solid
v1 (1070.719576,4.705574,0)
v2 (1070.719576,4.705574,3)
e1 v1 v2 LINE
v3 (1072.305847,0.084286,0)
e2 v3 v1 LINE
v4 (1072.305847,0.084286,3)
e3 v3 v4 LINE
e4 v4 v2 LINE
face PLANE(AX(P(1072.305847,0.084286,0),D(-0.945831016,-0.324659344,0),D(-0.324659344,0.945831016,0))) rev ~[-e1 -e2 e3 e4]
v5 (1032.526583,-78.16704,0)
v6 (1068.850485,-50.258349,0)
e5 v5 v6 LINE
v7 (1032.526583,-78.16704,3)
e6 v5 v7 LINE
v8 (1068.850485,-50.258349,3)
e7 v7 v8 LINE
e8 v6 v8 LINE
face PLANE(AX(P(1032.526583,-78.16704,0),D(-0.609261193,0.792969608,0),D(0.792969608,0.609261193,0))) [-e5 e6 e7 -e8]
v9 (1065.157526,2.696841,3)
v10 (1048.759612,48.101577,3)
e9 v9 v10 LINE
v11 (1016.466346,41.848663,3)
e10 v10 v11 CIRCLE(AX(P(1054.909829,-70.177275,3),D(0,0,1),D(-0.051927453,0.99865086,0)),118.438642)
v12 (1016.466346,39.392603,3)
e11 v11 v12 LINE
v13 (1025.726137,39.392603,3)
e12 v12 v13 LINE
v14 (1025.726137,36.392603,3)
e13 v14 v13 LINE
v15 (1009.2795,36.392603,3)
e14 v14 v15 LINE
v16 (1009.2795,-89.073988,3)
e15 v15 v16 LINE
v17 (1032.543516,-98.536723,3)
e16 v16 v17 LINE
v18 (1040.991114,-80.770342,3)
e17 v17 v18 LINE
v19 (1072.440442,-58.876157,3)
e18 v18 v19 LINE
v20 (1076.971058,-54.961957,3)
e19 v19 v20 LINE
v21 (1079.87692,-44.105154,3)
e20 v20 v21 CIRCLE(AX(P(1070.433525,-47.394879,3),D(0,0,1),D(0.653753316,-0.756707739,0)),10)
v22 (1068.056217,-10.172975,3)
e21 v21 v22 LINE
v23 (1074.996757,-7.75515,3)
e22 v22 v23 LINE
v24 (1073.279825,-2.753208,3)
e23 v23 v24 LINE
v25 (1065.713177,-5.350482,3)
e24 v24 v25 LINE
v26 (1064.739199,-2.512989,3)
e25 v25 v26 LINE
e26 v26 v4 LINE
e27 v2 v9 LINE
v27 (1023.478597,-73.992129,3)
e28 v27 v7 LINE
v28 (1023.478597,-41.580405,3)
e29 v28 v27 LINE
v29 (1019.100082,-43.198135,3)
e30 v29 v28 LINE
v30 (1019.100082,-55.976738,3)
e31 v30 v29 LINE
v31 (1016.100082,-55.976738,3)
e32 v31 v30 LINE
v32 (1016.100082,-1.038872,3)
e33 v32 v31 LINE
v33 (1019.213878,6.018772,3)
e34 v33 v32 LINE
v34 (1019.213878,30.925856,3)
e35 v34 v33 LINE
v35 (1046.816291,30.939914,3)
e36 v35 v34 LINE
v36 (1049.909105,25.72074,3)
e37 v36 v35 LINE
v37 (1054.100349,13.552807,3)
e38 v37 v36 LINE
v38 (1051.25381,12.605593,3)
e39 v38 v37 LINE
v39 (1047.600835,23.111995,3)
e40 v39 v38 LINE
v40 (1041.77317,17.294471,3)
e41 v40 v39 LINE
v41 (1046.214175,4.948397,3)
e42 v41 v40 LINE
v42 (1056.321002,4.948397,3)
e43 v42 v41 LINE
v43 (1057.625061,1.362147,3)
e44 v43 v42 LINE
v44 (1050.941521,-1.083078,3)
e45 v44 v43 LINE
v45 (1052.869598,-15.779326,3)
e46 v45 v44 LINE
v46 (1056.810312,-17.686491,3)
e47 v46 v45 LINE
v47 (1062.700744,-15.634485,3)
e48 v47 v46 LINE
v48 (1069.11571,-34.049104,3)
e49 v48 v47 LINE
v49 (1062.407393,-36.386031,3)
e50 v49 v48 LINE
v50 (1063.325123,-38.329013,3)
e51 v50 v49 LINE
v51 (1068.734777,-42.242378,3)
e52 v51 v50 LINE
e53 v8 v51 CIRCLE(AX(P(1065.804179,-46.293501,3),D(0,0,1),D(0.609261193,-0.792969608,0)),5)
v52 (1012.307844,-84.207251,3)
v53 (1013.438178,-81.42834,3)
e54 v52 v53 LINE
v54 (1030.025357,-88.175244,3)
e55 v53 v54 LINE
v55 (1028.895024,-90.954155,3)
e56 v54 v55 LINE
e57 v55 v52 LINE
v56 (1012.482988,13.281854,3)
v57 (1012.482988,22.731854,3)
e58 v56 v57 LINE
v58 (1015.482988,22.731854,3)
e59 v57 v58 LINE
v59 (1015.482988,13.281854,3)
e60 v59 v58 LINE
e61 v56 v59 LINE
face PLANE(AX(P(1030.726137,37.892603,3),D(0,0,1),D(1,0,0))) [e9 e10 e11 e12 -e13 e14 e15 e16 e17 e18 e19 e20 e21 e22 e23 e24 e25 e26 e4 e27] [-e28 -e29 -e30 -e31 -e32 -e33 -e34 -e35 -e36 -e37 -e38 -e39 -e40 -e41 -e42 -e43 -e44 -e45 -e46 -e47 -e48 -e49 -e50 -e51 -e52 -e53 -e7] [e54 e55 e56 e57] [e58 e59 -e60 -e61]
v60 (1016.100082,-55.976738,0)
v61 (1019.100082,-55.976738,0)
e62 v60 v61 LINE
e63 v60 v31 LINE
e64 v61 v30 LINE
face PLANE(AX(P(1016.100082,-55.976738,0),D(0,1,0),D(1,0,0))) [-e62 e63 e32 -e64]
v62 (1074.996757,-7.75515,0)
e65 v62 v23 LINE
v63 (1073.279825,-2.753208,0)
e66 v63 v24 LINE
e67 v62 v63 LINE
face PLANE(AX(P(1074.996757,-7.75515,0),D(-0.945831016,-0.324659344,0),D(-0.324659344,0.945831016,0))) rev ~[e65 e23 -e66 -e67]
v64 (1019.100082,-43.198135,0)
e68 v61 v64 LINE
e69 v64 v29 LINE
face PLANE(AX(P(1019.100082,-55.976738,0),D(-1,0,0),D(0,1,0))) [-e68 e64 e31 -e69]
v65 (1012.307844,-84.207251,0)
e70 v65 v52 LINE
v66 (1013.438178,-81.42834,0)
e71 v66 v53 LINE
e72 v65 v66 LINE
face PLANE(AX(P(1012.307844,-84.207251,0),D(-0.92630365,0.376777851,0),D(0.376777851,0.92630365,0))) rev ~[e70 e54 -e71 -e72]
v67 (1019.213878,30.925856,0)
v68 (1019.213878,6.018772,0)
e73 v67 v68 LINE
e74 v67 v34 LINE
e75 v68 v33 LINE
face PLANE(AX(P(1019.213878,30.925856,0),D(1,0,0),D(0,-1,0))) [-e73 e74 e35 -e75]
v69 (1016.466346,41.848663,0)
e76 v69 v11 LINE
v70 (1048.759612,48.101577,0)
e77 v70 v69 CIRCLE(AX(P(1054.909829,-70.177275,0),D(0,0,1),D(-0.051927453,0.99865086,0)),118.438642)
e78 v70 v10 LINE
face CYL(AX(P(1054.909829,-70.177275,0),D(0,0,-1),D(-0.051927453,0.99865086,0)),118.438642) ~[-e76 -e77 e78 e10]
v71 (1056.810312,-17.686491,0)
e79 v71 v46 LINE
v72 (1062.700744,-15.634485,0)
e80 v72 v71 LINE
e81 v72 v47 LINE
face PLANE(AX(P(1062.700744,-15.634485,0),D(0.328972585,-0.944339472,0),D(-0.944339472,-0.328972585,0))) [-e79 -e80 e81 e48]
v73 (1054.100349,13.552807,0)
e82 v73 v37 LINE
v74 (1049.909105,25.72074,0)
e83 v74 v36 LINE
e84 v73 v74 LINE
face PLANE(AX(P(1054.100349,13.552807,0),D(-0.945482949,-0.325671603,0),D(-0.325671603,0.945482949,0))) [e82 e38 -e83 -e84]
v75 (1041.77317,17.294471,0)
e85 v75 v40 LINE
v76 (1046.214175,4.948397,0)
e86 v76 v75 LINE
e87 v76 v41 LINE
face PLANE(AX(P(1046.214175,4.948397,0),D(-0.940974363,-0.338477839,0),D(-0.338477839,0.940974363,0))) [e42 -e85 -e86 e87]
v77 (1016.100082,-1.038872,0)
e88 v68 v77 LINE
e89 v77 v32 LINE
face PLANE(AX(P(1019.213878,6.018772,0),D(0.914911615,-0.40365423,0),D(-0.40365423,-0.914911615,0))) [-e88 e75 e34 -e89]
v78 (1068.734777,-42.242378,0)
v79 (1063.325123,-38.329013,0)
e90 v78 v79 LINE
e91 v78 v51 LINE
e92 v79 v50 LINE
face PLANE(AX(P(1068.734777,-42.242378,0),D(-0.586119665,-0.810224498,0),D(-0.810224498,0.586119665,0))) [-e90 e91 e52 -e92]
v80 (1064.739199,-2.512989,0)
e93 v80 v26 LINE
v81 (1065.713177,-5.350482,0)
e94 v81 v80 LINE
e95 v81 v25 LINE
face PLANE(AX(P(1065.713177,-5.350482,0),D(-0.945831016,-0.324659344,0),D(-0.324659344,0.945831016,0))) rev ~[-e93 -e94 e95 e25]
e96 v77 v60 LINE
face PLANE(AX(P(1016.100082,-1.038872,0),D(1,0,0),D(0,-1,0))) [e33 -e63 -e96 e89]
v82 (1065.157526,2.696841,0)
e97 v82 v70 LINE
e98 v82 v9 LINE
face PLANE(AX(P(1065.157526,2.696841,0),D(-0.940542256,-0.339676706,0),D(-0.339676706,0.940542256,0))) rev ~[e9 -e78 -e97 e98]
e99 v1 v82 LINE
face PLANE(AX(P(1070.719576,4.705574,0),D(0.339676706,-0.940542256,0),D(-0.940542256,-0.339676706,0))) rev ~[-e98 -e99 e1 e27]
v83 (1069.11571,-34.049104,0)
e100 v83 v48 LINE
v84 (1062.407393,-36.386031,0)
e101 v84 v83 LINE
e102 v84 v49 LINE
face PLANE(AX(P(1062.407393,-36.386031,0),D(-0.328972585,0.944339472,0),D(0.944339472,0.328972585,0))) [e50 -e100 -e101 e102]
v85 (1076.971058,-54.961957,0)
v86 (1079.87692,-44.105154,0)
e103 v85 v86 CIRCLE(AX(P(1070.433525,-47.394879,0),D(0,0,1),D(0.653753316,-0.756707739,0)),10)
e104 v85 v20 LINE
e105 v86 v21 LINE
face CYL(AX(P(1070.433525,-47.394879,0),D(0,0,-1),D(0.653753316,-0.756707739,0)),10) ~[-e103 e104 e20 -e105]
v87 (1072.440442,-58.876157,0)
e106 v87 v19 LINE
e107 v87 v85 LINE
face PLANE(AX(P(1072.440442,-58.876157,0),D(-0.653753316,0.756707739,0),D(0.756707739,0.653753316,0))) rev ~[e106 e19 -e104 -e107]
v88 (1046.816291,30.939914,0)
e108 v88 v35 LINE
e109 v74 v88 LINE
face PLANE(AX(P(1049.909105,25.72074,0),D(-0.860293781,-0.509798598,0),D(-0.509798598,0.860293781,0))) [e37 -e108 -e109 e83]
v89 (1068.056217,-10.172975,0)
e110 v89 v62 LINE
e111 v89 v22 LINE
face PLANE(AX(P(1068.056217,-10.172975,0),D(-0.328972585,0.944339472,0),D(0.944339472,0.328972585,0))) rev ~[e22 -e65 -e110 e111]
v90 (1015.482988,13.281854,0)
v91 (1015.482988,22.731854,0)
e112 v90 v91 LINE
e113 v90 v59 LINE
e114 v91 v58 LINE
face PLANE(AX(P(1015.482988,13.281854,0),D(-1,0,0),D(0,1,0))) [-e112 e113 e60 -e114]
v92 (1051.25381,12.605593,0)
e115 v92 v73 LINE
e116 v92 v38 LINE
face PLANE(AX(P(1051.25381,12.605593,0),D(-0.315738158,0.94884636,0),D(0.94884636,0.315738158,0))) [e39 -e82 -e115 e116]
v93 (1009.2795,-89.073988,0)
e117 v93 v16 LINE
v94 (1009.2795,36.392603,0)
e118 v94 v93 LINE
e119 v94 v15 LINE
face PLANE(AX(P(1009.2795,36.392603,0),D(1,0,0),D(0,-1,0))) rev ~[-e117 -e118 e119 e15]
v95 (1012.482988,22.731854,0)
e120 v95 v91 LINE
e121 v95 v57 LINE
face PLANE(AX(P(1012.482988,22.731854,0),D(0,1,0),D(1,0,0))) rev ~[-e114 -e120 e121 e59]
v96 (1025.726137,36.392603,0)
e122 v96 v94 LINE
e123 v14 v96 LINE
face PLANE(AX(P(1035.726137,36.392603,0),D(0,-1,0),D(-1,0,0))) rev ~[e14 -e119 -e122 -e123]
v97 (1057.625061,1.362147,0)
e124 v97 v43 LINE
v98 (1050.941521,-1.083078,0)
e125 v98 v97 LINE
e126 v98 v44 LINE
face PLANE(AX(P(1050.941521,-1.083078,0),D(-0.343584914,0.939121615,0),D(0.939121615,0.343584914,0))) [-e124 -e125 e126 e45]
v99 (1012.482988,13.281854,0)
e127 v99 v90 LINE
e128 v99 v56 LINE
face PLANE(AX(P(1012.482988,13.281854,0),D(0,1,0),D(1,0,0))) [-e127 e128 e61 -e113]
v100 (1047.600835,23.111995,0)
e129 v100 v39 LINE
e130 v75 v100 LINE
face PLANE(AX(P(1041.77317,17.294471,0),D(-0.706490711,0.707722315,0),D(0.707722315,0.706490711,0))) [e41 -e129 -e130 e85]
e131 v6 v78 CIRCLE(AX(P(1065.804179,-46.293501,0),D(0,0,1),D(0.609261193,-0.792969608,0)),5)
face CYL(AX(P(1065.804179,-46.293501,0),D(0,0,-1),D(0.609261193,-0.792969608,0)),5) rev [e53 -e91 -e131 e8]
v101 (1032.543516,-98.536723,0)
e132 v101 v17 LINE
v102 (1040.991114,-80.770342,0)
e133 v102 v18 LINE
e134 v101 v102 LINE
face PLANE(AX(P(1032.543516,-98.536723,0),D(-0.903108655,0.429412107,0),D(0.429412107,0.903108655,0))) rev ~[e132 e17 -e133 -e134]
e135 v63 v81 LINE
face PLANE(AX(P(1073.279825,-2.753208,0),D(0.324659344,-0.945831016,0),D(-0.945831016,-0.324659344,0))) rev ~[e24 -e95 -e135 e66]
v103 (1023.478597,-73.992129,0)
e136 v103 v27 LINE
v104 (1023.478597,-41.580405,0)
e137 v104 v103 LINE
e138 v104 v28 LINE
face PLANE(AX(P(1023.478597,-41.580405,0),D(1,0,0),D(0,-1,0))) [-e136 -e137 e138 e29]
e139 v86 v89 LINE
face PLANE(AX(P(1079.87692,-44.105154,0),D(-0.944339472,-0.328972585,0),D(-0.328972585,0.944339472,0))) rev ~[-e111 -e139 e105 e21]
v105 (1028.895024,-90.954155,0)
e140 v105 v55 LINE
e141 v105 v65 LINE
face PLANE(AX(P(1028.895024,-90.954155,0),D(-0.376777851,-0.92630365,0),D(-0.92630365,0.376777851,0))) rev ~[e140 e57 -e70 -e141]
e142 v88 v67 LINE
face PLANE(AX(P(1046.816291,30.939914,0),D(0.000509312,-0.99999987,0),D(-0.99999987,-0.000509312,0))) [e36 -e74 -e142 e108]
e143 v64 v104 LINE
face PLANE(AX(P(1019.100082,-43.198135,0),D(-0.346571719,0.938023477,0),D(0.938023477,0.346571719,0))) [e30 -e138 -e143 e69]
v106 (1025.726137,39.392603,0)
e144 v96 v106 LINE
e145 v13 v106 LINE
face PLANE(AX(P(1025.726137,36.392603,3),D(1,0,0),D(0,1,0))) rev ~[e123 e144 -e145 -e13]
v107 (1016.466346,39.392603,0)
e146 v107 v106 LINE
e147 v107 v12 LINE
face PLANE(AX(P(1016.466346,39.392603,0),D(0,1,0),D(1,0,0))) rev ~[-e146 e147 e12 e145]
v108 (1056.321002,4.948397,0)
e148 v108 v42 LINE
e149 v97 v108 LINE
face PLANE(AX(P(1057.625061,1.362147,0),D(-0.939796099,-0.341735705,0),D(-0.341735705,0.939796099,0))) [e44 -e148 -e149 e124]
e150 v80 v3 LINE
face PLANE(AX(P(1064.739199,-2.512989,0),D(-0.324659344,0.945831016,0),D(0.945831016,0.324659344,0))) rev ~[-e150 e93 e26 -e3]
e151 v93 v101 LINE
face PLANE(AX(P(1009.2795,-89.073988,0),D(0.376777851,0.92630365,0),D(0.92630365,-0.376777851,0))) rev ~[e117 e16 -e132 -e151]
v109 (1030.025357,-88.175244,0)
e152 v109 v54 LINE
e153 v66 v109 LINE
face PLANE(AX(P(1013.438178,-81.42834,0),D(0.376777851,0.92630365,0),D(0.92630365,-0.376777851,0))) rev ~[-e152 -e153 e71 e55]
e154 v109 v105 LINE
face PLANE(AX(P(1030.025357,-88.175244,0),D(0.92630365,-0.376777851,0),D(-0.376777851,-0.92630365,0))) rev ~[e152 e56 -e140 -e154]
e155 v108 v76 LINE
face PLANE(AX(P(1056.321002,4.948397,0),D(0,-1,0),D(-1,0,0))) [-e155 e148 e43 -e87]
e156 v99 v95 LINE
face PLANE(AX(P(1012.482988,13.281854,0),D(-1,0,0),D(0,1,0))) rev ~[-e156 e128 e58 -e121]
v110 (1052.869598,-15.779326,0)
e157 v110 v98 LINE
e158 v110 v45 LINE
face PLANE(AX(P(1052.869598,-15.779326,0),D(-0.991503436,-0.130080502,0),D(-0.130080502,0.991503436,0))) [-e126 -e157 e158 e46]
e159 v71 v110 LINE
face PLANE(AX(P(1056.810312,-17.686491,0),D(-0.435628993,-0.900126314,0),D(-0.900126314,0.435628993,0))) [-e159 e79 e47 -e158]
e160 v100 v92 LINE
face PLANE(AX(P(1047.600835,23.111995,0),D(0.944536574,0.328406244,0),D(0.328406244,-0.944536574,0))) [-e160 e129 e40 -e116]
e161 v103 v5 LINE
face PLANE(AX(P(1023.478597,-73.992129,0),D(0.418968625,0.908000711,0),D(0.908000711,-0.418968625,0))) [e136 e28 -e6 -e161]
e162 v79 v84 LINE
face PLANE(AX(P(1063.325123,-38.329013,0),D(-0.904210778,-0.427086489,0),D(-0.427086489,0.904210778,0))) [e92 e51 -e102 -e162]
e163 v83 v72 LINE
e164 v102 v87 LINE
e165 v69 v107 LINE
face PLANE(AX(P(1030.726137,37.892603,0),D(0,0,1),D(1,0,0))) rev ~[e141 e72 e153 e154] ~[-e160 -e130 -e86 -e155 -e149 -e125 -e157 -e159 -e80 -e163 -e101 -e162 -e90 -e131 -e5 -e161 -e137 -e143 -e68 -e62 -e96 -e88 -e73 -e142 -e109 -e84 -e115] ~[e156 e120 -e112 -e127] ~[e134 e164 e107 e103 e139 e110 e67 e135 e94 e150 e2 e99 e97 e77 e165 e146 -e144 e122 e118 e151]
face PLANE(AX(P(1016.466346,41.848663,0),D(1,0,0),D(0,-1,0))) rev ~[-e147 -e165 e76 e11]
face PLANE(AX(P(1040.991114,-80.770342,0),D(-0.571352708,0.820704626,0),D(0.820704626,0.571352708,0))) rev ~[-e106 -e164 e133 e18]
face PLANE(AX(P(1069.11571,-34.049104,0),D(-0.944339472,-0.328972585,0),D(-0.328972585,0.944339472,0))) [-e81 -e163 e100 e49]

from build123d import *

# Parameters (mm, degrees)
SKETCH1_W           = 3
SKETCH1_H           = 9.45
BASE_EXTRUDE_DEPTH  = 3
SKETCH2_W           = 10
SKETCH2_H           = 3
BOSS_EXTRUDE1_DEPTH = 3


with BuildPart() as part:
    # Sketch1 → Base-Extrude (new body)
    with BuildSketch(Plane.XY):
        with BuildLine():
            Line((1079.876919763, -44.105153511), (1068.056216666, -10.172974917))
            Line((1068.056216666, -10.172974917), (1074.996757052, -7.75514999))
            Line((1074.996757052, -7.75514999), (1073.279825248, -2.753207543))
            Line((1073.279825248, -2.753207543), (1065.713177122, -5.350482293))
            Line((1065.713177122, -5.350482293), (1064.73919909, -2.512989245))
            Line((1064.73919909, -2.512989245), (1072.305847217, 0.084285505))
            Line((1072.305847217, 0.084285505), (1070.719575987, 4.705574119))
            Line((1070.719575987, 4.705574119), (1065.157526034, 2.696840543))
            Line((1065.157526034, 2.696840543), (1048.759611565, 48.101577381))
            ThreePointArc((1048.759611565, 48.101577381), (1032.39485012, 46.101647559), (1016.466345621, 41.848662618))
            Line((1016.466345621, 41.848662618), (1016.466345621, 39.392602571))
            Line((1016.466345621, 39.392602571), (1035.726137056, 39.392602571))
            Line((1035.726137056, 39.392602571), (1035.726137056, 36.392602571))
            Line((1035.726137056, 36.392602571), (1009.279499751, 36.392602571))
            Line((1009.279499751, 36.392602571), (1009.279499751, -89.073987735))
            Line((1009.279499751, -89.073987735), (1032.543515661, -98.536722682))
            Line((1032.543515661, -98.536722682), (1040.991113984, -80.770341528))
            Line((1040.991113984, -80.770341528), (1072.440441541, -58.876157059))
            Line((1072.440441541, -58.876157059), (1076.9710582, -54.961956755))
            ThreePointArc((1076.9710582, -54.961956755), (1080.093496996, -49.980404823), (1079.876919763, -44.105153511))
        make_face()
        with BuildLine():
            Line((1019.213878108, 30.925856164), (1019.213878108, 6.018771541))
            Line((1019.213878108, 6.018771541), (1016.100082492, -1.038872257))
            Line((1016.100082492, -1.038872257), (1016.100082492, -55.976738358))
            Line((1016.100082492, -55.976738358), (1019.100082492, -55.976738358))
            Line((1019.100082492, -55.976738358), (1019.100082492, -43.198135443))
            Line((1019.100082492, -43.198135443), (1023.478597046, -41.580404808))
            Line((1023.478597046, -41.580404808), (1023.478597046, -73.992128786))
            Line((1023.478597046, -73.992128786), (1032.526582577, -78.167039678))
            Line((1032.526582577, -78.167039678), (1068.850484509, -50.258348586))
            ThreePointArc((1068.850484509, -50.258348586), (1070.803657728, -46.221334872), (1068.734776871, -42.242378056))
            Line((1068.734776871, -42.242378056), (1063.325122863, -38.329012558))
            Line((1063.325122863, -38.329012558), (1062.407393196, -36.386031272))
            Line((1062.407393196, -36.386031272), (1069.115709638, -34.04910449))
            Line((1069.115709638, -34.04910449), (1062.700744223, -15.634484789))
            Line((1062.700744223, -15.634484789), (1056.810312455, -17.686491112))
            Line((1056.810312455, -17.686491112), (1052.869598475, -15.779326268))
            Line((1052.869598475, -15.779326268), (1050.941521122, -1.083078235))
            Line((1050.941521122, -1.083078235), (1057.625060998, 1.362146575))
            Line((1057.625060998, 1.362146575), (1056.321001716, 4.948397029))
            Line((1056.321001716, 4.948397029), (1046.214175082, 4.948397029))
            Line((1046.214175082, 4.948397029), (1041.773169547, 17.294470752))
            Line((1041.773169547, 17.294470752), (1047.600835278, 23.111994965))
            Line((1047.600835278, 23.111994965), (1051.253809923, 12.605592538))
            Line((1051.253809923, 12.605592538), (1054.100349004, 13.552807012))
            Line((1054.100349004, 13.552807012), (1049.909104568, 25.720739733))
            Line((1049.909104568, 25.720739733), (1046.816291402, 30.939914406))
            Line((1046.816291402, 30.939914406), (1019.213878108, 30.925856164))
        make_face(mode=Mode.SUBTRACT)
        Polygon((1012.307844389, -84.207250741), (1013.438177941, -81.428339792), (1030.025357256, -88.175243766), (1028.895023704, -90.954154714), align=None, mode=Mode.SUBTRACT)
        with Locations((1013.982987836, 18.006853638)):
            Rectangle(SKETCH1_W, SKETCH1_H, mode=Mode.SUBTRACT)
    extrude(amount=BASE_EXTRUDE_DEPTH)

    # Sketch2 → Boss-Extrude1 (add)
    with BuildSketch(Plane.XY.offset(3)):
        with Locations((1030.726137056, 37.892602571)):
            Rectangle(SKETCH2_W, SKETCH2_H)
    extrude(amount=-BOSS_EXTRUDE1_DEPTH)


solid = part.part
